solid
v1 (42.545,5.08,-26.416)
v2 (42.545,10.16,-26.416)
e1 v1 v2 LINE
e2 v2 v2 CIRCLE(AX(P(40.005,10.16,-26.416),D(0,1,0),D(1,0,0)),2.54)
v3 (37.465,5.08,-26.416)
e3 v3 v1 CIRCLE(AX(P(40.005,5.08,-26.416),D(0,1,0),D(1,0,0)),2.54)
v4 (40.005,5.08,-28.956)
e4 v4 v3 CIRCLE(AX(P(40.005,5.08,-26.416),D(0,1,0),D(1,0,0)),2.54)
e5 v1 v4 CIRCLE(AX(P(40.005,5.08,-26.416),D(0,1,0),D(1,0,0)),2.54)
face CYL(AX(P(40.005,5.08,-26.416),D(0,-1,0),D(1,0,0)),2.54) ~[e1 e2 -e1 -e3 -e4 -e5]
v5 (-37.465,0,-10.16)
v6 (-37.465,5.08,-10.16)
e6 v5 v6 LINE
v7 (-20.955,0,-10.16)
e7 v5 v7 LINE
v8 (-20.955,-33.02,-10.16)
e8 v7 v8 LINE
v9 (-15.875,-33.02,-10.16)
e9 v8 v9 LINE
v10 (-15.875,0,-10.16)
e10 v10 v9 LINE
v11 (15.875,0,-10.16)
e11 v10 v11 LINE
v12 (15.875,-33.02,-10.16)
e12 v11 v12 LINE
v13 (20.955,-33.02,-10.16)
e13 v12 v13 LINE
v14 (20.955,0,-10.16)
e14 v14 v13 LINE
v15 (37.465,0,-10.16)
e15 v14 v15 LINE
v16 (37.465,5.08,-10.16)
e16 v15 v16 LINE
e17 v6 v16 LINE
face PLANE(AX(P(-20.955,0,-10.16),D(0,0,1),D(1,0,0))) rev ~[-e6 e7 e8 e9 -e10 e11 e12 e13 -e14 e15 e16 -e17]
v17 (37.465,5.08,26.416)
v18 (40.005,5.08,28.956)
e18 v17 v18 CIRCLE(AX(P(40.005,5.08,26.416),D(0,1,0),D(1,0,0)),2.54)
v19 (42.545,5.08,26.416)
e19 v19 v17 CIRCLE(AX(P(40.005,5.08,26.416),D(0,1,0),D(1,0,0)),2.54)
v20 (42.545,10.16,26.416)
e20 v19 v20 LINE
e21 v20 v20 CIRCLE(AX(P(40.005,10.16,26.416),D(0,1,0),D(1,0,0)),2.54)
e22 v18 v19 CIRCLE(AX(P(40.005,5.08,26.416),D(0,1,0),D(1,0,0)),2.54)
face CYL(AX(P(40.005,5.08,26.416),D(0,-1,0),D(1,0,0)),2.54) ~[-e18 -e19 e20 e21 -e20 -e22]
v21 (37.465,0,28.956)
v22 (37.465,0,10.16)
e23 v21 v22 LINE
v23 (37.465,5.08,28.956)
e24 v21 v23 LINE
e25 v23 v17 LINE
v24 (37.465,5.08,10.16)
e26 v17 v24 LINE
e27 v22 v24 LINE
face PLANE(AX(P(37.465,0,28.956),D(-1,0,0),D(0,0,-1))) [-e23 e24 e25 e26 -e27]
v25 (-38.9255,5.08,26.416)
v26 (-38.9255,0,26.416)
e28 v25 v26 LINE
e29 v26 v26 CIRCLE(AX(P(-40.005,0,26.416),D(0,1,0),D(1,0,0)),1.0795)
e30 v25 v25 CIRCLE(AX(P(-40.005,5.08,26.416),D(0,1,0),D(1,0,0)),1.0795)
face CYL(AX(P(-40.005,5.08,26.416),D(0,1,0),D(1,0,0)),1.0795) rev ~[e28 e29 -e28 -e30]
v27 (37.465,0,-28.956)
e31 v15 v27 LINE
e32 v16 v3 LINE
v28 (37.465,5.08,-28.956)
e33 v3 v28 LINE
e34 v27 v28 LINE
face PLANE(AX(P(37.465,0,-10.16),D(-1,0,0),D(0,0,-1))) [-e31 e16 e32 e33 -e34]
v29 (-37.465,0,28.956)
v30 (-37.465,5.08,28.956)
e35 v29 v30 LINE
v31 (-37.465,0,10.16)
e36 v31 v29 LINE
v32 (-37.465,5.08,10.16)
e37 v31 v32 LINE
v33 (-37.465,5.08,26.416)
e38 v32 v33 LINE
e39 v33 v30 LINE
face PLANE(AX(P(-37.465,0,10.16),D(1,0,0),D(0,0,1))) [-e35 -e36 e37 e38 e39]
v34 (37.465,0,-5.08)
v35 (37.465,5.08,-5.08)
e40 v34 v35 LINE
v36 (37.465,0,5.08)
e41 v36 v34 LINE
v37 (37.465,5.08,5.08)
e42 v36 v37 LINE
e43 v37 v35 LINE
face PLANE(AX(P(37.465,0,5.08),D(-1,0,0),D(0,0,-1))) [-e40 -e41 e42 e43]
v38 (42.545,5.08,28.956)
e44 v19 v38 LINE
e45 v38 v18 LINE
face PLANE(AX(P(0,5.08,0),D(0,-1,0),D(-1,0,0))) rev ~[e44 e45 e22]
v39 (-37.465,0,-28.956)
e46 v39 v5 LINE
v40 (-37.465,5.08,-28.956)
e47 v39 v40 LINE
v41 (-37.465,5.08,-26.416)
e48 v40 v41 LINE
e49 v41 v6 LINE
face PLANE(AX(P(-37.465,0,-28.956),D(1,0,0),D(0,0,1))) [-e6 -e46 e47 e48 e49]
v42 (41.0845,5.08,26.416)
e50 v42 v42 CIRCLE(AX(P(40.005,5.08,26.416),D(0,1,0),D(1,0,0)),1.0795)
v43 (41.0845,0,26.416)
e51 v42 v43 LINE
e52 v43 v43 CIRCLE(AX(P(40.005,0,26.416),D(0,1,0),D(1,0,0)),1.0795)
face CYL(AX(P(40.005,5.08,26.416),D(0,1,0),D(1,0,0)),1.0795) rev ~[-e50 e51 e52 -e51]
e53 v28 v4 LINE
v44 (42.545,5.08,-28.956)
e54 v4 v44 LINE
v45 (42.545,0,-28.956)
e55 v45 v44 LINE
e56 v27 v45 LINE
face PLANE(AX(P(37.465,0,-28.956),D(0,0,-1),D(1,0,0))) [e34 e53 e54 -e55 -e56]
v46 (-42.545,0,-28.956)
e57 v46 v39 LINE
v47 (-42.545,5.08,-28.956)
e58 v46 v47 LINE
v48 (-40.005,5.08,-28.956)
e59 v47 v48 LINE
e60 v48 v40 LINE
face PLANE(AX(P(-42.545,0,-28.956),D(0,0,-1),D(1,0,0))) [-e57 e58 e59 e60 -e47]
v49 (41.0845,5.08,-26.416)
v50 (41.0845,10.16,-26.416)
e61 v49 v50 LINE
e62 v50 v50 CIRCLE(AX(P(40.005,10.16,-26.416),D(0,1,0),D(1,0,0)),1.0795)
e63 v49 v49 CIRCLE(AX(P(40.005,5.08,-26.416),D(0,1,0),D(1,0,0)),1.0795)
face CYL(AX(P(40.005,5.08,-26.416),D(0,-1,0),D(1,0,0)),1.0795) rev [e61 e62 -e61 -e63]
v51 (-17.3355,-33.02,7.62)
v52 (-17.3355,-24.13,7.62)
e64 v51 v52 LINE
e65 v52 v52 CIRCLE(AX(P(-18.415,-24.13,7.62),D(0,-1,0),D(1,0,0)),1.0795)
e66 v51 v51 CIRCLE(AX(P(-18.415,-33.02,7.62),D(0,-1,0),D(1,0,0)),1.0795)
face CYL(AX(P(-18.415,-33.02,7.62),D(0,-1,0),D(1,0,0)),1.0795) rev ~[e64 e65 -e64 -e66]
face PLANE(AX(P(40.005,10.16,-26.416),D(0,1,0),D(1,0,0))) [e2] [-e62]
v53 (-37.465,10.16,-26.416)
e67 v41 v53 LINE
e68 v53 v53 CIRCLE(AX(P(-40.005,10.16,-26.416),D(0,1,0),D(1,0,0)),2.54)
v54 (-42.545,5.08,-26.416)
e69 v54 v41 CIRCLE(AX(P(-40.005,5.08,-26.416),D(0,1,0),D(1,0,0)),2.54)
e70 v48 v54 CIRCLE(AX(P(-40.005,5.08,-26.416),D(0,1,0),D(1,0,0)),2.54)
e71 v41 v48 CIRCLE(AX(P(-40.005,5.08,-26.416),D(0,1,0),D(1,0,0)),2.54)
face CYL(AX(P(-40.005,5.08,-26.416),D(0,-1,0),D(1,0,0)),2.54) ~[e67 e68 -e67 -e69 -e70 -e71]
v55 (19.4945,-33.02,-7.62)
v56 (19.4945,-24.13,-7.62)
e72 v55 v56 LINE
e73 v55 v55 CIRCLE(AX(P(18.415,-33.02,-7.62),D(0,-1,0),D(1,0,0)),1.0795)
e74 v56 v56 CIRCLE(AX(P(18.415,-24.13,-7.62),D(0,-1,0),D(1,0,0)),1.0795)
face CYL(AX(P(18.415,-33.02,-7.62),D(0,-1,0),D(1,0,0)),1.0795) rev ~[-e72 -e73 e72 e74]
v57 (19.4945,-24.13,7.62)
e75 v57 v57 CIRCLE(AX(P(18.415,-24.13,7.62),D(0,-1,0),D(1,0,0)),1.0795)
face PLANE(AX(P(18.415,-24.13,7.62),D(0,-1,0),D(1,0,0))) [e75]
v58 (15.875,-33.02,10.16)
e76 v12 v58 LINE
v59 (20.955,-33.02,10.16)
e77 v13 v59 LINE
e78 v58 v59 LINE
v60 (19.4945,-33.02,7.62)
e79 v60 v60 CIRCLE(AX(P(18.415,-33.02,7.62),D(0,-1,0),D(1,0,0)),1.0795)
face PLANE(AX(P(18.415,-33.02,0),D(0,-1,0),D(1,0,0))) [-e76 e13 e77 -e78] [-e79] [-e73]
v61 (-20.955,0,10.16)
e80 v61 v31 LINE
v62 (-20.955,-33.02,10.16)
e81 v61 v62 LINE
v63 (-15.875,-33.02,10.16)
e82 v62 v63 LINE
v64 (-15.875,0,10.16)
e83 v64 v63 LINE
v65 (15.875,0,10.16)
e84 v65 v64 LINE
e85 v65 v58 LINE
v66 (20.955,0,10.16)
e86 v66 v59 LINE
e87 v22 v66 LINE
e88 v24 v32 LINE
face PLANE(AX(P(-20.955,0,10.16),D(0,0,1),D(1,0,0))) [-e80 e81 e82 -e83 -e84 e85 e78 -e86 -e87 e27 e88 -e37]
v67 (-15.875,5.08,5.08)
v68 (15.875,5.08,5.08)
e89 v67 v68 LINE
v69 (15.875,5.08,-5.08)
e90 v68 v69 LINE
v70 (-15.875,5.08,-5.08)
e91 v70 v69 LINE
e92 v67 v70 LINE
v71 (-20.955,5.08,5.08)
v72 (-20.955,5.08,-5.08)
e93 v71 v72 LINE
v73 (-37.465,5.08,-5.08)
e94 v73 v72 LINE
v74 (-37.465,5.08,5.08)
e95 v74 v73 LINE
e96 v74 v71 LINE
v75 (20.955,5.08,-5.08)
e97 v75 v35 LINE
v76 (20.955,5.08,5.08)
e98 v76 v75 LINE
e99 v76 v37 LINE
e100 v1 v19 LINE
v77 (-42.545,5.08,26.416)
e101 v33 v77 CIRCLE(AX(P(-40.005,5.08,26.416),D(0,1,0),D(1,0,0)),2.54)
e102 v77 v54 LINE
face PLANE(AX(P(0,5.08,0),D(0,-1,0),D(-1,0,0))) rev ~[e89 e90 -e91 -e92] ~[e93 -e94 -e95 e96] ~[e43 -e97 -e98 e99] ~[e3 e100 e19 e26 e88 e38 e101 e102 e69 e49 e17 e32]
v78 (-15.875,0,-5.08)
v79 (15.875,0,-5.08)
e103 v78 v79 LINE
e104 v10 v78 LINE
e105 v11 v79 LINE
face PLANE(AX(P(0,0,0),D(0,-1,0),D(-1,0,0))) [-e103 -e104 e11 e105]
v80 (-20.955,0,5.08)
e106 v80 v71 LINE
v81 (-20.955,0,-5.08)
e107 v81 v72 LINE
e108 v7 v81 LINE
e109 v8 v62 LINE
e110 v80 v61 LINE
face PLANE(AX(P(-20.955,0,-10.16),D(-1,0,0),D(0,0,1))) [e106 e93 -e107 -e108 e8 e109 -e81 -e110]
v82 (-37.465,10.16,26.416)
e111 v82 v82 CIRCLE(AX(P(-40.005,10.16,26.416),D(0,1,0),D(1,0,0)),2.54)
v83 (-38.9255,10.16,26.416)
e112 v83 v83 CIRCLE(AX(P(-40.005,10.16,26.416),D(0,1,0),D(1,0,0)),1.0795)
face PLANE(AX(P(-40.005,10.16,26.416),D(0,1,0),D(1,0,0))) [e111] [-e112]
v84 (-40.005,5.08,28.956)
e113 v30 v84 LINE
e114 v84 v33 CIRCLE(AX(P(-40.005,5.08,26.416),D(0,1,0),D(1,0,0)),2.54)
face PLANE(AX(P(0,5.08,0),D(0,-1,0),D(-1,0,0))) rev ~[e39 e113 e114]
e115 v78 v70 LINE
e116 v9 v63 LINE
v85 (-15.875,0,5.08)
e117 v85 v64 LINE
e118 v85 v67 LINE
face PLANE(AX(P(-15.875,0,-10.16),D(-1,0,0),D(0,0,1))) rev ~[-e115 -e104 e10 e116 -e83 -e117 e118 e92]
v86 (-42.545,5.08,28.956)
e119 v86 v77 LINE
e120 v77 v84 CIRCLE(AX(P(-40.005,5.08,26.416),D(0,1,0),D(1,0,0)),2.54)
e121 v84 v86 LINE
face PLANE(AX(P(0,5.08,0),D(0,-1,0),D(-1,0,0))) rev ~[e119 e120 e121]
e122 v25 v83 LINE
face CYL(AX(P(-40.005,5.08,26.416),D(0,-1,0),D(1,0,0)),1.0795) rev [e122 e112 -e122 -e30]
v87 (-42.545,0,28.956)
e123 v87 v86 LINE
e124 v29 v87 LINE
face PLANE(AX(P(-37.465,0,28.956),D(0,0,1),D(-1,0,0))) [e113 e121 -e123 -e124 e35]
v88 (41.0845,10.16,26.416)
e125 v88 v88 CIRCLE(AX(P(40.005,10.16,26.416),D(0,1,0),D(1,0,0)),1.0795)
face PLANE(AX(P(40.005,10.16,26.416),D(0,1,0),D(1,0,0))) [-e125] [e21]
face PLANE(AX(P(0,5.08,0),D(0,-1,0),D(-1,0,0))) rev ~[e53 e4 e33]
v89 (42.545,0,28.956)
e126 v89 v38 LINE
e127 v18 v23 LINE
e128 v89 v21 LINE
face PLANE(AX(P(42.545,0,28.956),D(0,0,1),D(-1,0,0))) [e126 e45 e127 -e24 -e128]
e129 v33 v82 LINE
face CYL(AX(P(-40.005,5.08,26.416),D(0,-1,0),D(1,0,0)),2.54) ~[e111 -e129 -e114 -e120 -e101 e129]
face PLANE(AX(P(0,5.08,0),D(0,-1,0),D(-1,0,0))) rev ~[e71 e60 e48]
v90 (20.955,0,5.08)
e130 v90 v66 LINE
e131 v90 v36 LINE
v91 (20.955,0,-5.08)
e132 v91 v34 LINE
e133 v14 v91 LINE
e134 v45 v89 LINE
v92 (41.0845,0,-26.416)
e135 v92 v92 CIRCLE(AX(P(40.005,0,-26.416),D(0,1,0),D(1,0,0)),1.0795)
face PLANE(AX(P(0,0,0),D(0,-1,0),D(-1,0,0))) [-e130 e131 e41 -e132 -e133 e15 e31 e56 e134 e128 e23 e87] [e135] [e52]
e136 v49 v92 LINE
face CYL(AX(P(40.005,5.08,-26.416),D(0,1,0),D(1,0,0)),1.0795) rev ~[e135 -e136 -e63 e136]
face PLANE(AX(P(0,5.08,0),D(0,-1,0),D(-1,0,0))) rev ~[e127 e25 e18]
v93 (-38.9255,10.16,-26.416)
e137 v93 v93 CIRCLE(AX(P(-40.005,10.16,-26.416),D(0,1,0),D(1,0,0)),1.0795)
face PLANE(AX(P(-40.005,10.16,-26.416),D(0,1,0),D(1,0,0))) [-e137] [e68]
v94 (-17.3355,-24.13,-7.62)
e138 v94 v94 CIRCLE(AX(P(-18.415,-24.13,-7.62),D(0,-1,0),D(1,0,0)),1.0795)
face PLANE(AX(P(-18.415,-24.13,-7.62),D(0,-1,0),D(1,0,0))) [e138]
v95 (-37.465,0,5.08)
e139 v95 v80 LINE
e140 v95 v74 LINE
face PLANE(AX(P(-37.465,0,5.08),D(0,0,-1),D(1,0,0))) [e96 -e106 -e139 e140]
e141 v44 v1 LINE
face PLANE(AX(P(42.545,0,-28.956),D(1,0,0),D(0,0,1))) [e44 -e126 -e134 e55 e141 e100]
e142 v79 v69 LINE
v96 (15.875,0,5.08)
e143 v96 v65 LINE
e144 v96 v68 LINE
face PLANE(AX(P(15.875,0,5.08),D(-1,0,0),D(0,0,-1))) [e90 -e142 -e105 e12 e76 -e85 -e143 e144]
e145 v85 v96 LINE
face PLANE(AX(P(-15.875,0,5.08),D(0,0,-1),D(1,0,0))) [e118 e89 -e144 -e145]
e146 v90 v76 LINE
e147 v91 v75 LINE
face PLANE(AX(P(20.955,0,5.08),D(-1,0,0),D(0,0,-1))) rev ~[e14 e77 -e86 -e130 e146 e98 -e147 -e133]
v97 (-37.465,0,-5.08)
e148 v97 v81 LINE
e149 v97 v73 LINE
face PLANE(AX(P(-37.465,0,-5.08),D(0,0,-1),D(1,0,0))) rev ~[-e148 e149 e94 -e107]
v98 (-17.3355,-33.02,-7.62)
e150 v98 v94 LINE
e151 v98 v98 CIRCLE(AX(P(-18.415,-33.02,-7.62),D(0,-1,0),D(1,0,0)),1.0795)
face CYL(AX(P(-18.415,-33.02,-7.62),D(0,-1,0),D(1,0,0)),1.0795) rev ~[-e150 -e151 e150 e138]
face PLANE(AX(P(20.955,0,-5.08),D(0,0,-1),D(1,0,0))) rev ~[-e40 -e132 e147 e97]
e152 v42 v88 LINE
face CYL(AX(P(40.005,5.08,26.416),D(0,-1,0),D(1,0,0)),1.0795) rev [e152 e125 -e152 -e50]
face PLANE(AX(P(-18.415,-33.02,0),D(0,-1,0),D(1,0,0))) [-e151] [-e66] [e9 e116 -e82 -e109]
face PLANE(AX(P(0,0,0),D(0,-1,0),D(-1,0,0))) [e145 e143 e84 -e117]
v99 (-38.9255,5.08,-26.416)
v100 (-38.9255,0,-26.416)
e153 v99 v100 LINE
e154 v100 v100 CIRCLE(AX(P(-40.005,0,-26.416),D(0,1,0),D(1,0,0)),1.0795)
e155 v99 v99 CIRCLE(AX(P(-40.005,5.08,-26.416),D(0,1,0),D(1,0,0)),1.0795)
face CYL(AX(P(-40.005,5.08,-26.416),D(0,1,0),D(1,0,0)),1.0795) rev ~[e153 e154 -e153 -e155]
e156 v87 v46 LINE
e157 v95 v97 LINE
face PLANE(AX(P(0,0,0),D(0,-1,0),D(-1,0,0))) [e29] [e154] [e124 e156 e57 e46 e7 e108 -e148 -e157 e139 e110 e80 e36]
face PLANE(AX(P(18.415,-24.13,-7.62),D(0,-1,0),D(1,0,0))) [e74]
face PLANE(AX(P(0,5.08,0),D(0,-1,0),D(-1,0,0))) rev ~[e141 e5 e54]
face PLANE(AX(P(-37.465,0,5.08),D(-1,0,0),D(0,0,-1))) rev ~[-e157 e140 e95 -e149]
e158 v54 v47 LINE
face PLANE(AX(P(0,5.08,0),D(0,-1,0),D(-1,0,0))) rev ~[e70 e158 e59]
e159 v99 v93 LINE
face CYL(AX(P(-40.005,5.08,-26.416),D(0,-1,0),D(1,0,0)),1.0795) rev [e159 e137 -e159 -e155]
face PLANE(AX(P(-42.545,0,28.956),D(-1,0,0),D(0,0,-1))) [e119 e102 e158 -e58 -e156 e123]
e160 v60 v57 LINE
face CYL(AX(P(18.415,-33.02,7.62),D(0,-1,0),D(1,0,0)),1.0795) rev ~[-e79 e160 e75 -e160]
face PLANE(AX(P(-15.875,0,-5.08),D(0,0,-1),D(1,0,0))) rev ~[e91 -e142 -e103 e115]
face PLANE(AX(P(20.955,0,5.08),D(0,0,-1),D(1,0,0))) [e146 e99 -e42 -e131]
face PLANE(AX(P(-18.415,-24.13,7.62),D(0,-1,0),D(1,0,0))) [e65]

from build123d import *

# Parameters (mm, degrees)
SKETCH1_W           = 16.51
SKETCH1_H           = 10.16
SKETCH1_W_2         = 31.75
BOSS_EXTRUDE1_DEPTH = 5.08
SKETCH2_W           = 5.08
SKETCH2_H           = 20.32
BOSS_EXTRUDE2_DEPTH = 33.02
SKETCH4_R           = 2.54
SKETCH4_R_2         = 1.0795
BOSS_EXTRUDE3_DEPTH = 5.08
SKETCH5_R           = 1.0795
CUT_EXTRUDE1_DEPTH  = 39.1
SKETCH6_R           = 1.0795
CUT_EXTRUDE2_DEPTH  = 8.89


with BuildPart() as part:
    # Sketch1 → Boss-Extrude1 (new body)
    with BuildSketch(Plane(origin=(0, 0, 0), x_dir=(1, 0, 0), z_dir=(0, 1, 0))):
        Polygon((-42.545, 28.956), (-37.465, 28.956), (-37.465, 10.16), (37.465, 10.16), (37.465, 28.956), (42.545, 28.956), (42.545, -28.956), (37.465, -28.956), (37.465, -10.16), (-37.465, -10.16), (-37.465, -28.956), (-42.545, -28.956), align=None)
        with Locations((29.21, 0)):
            Rectangle(SKETCH1_W, SKETCH1_H, mode=Mode.SUBTRACT)
        with Locations((-29.21, 0)):
            Rectangle(SKETCH1_W, SKETCH1_H, mode=Mode.SUBTRACT)
        Rectangle(SKETCH1_W_2, SKETCH1_H, mode=Mode.SUBTRACT)
    extrude(amount=BOSS_EXTRUDE1_DEPTH)

    # Sketch2 → Boss-Extrude2 (add)
    with BuildSketch(Plane.XZ):
        with Locations((-18.415, 0)):
            Rectangle(SKETCH2_W, SKETCH2_H)
        with Locations((18.415, 0)):
            Rectangle(SKETCH2_W, SKETCH2_H)
    extrude(amount=BOSS_EXTRUDE2_DEPTH)

    # Sketch4 → Boss-Extrude3 (add)
    with BuildSketch(Plane(origin=(0, 5.08, 0), x_dir=(1, 0, 0), z_dir=(0, 1, 0))):
        with Locations((-40.005, 26.416)):
            Circle(SKETCH4_R)
        with Locations((-40.005, 26.416)):
            Circle(SKETCH4_R_2, mode=Mode.SUBTRACT)
        with Locations((-40.005, -26.416)):
            Circle(SKETCH4_R)
        with Locations((-40.005, -26.416)):
            Circle(SKETCH4_R_2, mode=Mode.SUBTRACT)
        with Locations((40.005, -26.416)):
            Circle(SKETCH4_R)
        with Locations((40.005, -26.416)):
            Circle(SKETCH4_R_2, mode=Mode.SUBTRACT)
        with Locations((40.005, 26.416)):
            Circle(SKETCH4_R)
        with Locations((40.005, 26.416)):
            Circle(SKETCH4_R_2, mode=Mode.SUBTRACT)
    extrude(amount=BOSS_EXTRUDE3_DEPTH)

    # Sketch5 → Cut-Extrude1 (cut, through all)
    with BuildSketch(Plane(origin=(0, 5.08, 0), x_dir=(1, 0, 0), z_dir=(0, 1, 0))):
        with Locations((-40.005, -26.416)):
            Circle(SKETCH5_R)
        with Locations((-40.005, 26.416)):
            Circle(SKETCH5_R)
        with Locations((40.005, 26.416)):
            Circle(SKETCH5_R)
        with Locations((40.005, -26.416)):
            Circle(SKETCH5_R)
    extrude(amount=-CUT_EXTRUDE1_DEPTH, mode=Mode.SUBTRACT)

    # Sketch6 → Cut-Extrude2 (cut)
    with BuildSketch(Plane.XZ.offset(33.02)):
        with Locations((-18.415, 7.62)):
            Circle(SKETCH6_R)
        with Locations((-18.415, -7.62)):
            Circle(SKETCH6_R)
        with Locations((18.415, 7.62)):
            Circle(SKETCH6_R)
        with Locations((18.415, -7.62)):
            Circle(SKETCH6_R)
    extrude(amount=-CUT_EXTRUDE2_DEPTH, mode=Mode.SUBTRACT)


solid = part.part
